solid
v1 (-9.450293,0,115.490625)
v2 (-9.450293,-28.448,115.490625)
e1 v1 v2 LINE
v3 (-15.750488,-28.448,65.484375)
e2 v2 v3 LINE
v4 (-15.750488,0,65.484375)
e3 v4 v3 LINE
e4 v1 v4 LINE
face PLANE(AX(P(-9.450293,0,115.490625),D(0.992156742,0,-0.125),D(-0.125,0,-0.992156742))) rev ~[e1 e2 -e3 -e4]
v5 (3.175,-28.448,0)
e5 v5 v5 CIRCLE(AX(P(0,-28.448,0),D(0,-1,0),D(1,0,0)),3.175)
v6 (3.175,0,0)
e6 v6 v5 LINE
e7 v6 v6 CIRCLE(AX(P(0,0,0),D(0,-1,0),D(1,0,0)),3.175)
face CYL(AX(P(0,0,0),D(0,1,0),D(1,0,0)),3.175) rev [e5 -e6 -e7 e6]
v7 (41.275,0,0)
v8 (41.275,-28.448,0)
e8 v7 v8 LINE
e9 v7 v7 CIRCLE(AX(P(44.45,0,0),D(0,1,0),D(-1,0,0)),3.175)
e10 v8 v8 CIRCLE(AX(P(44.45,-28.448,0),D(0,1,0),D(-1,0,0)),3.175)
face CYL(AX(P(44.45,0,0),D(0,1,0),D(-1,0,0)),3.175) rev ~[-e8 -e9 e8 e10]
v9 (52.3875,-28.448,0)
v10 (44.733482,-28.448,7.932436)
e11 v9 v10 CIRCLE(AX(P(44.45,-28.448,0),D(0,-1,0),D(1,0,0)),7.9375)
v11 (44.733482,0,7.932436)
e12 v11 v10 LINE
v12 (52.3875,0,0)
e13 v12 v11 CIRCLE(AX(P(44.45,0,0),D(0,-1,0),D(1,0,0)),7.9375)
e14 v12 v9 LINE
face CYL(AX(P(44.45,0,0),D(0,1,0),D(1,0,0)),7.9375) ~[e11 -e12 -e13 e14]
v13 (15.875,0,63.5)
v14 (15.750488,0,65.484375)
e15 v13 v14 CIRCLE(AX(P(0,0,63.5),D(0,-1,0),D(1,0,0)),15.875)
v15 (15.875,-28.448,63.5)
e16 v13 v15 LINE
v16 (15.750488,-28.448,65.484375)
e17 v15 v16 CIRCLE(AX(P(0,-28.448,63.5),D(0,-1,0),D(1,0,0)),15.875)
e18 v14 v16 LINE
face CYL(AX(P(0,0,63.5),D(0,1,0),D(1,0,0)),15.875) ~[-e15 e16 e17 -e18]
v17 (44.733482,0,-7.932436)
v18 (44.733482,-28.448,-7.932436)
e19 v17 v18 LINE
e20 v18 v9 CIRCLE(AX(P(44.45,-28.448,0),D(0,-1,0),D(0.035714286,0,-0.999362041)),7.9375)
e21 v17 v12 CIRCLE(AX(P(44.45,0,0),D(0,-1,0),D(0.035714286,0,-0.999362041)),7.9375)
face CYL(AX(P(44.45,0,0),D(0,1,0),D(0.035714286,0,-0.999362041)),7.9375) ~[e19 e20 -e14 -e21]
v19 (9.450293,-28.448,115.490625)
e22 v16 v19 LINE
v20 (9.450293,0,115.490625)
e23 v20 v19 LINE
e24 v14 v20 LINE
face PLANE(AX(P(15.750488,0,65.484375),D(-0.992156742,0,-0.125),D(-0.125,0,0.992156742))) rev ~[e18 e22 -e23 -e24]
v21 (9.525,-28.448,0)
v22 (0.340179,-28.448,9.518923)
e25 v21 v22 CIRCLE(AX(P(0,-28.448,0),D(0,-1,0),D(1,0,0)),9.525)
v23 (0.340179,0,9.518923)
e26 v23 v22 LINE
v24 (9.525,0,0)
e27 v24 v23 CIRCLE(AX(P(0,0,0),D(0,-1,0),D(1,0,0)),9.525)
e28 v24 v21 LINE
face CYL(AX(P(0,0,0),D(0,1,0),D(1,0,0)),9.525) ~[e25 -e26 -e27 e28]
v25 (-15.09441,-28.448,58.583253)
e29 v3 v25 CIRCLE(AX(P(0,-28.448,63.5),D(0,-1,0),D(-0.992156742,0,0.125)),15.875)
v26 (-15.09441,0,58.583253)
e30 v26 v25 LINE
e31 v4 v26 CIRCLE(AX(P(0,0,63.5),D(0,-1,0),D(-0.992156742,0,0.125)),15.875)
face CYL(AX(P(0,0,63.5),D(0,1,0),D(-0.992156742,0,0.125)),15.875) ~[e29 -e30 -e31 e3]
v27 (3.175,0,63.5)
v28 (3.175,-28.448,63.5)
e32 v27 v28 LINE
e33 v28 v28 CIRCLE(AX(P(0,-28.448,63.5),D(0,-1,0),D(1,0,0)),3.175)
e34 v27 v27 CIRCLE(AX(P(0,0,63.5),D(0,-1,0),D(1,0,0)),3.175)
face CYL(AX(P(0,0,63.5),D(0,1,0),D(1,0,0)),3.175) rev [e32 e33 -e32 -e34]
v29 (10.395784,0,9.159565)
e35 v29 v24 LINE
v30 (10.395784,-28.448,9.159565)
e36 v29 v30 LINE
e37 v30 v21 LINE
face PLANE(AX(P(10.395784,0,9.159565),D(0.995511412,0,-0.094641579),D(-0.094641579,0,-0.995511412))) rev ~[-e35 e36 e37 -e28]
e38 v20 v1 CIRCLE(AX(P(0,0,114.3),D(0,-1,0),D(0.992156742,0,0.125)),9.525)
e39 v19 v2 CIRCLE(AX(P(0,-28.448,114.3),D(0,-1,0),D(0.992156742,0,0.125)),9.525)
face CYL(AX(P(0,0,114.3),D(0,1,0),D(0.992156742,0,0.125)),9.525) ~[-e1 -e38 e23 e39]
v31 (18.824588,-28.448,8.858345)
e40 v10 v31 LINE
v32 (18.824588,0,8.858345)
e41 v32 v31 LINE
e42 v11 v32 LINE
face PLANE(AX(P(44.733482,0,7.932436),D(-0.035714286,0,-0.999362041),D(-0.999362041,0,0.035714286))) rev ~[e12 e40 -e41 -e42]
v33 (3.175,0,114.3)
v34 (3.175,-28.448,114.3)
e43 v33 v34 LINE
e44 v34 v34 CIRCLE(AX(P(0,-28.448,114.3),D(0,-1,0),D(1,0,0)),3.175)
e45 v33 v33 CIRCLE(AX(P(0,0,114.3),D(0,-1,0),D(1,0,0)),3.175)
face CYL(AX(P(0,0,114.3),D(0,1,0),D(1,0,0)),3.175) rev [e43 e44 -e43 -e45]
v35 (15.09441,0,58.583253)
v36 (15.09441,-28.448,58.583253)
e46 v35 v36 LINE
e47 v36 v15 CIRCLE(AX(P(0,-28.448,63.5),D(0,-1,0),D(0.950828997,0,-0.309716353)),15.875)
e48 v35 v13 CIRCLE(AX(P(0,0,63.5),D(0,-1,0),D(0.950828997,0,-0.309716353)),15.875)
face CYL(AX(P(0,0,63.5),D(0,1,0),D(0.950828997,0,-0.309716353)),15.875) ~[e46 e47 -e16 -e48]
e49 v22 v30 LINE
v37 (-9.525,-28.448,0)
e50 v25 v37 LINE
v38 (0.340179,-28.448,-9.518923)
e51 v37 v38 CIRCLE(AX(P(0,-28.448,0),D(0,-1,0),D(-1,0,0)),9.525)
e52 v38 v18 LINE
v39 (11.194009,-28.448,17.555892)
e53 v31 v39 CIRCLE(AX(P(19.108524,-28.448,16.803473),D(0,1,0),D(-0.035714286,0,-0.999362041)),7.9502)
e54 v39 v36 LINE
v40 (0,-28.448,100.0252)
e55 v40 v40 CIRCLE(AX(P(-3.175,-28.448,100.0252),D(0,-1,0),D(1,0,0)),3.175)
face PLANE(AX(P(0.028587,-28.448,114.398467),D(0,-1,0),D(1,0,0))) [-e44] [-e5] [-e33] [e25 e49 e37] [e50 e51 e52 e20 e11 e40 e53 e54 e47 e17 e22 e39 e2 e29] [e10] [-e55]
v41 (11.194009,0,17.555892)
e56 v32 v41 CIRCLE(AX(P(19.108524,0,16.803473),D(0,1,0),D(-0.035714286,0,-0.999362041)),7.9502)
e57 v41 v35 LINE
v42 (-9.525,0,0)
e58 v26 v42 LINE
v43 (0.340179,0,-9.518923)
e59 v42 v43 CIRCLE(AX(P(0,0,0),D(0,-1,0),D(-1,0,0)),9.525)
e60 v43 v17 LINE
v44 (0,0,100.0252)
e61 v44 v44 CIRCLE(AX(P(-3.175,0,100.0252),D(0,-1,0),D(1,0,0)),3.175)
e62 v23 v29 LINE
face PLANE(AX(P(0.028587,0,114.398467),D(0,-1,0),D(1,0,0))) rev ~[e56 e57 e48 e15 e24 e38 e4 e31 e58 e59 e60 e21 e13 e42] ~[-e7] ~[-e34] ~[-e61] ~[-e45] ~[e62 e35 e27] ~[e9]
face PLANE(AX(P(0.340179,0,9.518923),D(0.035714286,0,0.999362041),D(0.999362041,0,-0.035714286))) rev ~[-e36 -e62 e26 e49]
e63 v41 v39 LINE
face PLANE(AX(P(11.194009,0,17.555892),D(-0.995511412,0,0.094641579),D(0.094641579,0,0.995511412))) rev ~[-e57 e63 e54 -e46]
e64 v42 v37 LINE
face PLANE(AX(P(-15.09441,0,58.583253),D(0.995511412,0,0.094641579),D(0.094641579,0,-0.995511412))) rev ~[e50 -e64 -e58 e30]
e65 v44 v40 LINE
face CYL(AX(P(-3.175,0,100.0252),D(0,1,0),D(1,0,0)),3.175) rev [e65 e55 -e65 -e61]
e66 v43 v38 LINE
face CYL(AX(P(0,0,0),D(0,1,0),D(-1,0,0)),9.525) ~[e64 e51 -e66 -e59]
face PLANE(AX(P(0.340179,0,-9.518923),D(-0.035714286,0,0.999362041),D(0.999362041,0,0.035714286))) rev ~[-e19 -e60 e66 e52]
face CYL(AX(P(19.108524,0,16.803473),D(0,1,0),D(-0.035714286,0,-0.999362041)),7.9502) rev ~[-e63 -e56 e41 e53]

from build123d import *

# Parameters (mm, degrees)
F0_R     = 3.175
F1_DEPTH = 28.448


with BuildPart() as f1:
    # F0 (on Front) → F1 (new body)
    with BuildSketch(Plane.XZ):
        with BuildLine():
            ThreePointArc((-9.4502929642, 115.490625), (-0.596483242, 104.7936951058), (9.525, 114.3))
            ThreePointArc((9.525, 114.3), (9.5063048942, 114.896483242), (9.4502929642, 115.490625))
            ThreePointArc((9.4502929642, 115.490625), (0, 123.825), (-9.4502929642, 115.490625))
        make_face()
        with Locations((0, 114.3)):
            Circle(F0_R, mode=Mode.SUBTRACT)
        with BuildLine():
            ThreePointArc((9.4502929642, 115.490625), (9.5063048942, 114.896483242), (9.525, 114.3))
            ThreePointArc((9.525, 114.3), (-0.596483242, 104.7936951058), (-9.4502929642, 115.490625))
            Line((-9.4502929642, 115.490625), (-15.7504882737, 65.484375))
            ThreePointArc((-15.7504882737, 65.484375), (0, 79.375), (15.7504882737, 65.484375))
            Line((15.7504882737, 65.484375), (9.4502929642, 115.490625))
        make_face()
        with Locations((-3.175, 100.0252)):
            Circle(F0_R, mode=Mode.SUBTRACT)
        with BuildLine():
            Line((15.0944103202, 58.583252896), (15.7504882737, 65.484375))
            ThreePointArc((15.7504882737, 65.484375), (0, 79.375), (-15.7504882737, 65.484375))
            Line((-15.7504882737, 65.484375), (-15.0944103202, 58.583252896))
            ThreePointArc((-15.0944103202, 58.583252896), (0, 47.625), (15.0944103202, 58.583252896))
        make_face()
        with Locations((0, 63.5)):
            Circle(F0_R, mode=Mode.SUBTRACT)
        with BuildLine():
            ThreePointArc((15.875, 63.5), (15.8438414904, 64.4941387366), (15.7504882737, 65.484375))
            Line((15.7504882737, 65.484375), (15.0944103202, 58.583252896))
            ThreePointArc((15.0944103202, 58.583252896), (15.6786381557, 61.0108373731), (15.875, 63.5))
        make_face()
        with BuildLine():
            Line((-15.0944103202, 58.583252896), (-15.7504882737, 65.484375))
            ThreePointArc((-15.7504882737, 65.484375), (-15.8037436669, 61.9975649401), (-15.0944103202, 58.583252896))
        make_face()
        with BuildLine():
            Line((11.1940088369, 17.5558921241), (15.0944103202, 58.583252896))
            ThreePointArc((15.0944103202, 58.583252896), (0, 47.625), (-15.0944103202, 58.583252896))
            Line((-15.0944103202, 58.583252896), (-9.525, 0))
            ThreePointArc((-9.525, 0), (-6.6138273378, 6.8544082857), (0.3401785714, 9.5189234444))
            Line((0.3401785714, 9.5189234444), (10.3957843217, 9.159565412))
            Line((10.3957843217, 9.159565412), (11.1940088369, 17.5558921241))
        make_face()
        with BuildLine():
            ThreePointArc((18.824587951, 8.8583445445), (13.1322805896, 11.560363002), (11.1940088369, 17.5558921241))
            Line((11.1940088369, 17.5558921241), (10.3957843217, 9.159565412))
            Line((10.3957843217, 9.159565412), (18.824587951, 8.8583445445))
        make_face()
        with BuildLine():
            ThreePointArc((0.3401785714, 9.5189234444), (-6.6138273378, 6.8544082857), (-9.525, 0))
            ThreePointArc((-9.525, 0), (-6.6138273378, -6.8544082857), (0.3401785714, -9.5189234444))
            ThreePointArc((0.3401785714, -9.5189234444), (6.8544082857, -6.6138273378), (9.525, 0))
            ThreePointArc((9.525, 0), (6.8544082857, 6.6138273378), (0.3401785714, 9.5189234444))
        make_face()
        Circle(F0_R, mode=Mode.SUBTRACT)
        with BuildLine():
            Line((18.824587951, 8.8583445445), (10.3957843217, 9.159565412))
            Line((10.3957843217, 9.159565412), (9.525, 0))
            Line((9.525, 0), (36.5125, 0))
            ThreePointArc((36.5125, 0), (38.9384772185, 5.7120069047), (44.7334821429, 7.9324362036))
            Line((44.7334821429, 7.9324362036), (18.824587951, 8.8583445445))
        make_face()
        with BuildLine():
            ThreePointArc((9.525, 0), (6.8544082857, -6.6138273378), (0.3401785714, -9.5189234444))
            Line((0.3401785714, -9.5189234444), (44.7334821429, -7.9324362036))
            ThreePointArc((44.7334821429, -7.9324362036), (38.9384772185, -5.7120069047), (36.5125, 0))
            Line((36.5125, 0), (9.525, 0))
        make_face()
        with BuildLine():
            ThreePointArc((52.3875, 0), (50.1620069047, 5.5115227815), (44.7334821429, 7.9324362036))
            ThreePointArc((44.7334821429, 7.9324362036), (38.9384772185, 5.7120069047), (36.5125, 0))
            ThreePointArc((36.5125, 0), (38.9384772185, -5.7120069047), (44.7334821429, -7.9324362036))
            ThreePointArc((44.7334821429, -7.9324362036), (50.1620069047, -5.5115227815), (52.3875, 0))
        make_face()
        with BuildLine():
            ThreePointArc((47.625, 0), (44.45, -3.175), (41.275, 0))
            ThreePointArc((41.275, 0), (44.45, 3.175), (47.625, 0))
        make_face(mode=Mode.SUBTRACT)
    extrude(amount=F1_DEPTH)


solid = f1.part
